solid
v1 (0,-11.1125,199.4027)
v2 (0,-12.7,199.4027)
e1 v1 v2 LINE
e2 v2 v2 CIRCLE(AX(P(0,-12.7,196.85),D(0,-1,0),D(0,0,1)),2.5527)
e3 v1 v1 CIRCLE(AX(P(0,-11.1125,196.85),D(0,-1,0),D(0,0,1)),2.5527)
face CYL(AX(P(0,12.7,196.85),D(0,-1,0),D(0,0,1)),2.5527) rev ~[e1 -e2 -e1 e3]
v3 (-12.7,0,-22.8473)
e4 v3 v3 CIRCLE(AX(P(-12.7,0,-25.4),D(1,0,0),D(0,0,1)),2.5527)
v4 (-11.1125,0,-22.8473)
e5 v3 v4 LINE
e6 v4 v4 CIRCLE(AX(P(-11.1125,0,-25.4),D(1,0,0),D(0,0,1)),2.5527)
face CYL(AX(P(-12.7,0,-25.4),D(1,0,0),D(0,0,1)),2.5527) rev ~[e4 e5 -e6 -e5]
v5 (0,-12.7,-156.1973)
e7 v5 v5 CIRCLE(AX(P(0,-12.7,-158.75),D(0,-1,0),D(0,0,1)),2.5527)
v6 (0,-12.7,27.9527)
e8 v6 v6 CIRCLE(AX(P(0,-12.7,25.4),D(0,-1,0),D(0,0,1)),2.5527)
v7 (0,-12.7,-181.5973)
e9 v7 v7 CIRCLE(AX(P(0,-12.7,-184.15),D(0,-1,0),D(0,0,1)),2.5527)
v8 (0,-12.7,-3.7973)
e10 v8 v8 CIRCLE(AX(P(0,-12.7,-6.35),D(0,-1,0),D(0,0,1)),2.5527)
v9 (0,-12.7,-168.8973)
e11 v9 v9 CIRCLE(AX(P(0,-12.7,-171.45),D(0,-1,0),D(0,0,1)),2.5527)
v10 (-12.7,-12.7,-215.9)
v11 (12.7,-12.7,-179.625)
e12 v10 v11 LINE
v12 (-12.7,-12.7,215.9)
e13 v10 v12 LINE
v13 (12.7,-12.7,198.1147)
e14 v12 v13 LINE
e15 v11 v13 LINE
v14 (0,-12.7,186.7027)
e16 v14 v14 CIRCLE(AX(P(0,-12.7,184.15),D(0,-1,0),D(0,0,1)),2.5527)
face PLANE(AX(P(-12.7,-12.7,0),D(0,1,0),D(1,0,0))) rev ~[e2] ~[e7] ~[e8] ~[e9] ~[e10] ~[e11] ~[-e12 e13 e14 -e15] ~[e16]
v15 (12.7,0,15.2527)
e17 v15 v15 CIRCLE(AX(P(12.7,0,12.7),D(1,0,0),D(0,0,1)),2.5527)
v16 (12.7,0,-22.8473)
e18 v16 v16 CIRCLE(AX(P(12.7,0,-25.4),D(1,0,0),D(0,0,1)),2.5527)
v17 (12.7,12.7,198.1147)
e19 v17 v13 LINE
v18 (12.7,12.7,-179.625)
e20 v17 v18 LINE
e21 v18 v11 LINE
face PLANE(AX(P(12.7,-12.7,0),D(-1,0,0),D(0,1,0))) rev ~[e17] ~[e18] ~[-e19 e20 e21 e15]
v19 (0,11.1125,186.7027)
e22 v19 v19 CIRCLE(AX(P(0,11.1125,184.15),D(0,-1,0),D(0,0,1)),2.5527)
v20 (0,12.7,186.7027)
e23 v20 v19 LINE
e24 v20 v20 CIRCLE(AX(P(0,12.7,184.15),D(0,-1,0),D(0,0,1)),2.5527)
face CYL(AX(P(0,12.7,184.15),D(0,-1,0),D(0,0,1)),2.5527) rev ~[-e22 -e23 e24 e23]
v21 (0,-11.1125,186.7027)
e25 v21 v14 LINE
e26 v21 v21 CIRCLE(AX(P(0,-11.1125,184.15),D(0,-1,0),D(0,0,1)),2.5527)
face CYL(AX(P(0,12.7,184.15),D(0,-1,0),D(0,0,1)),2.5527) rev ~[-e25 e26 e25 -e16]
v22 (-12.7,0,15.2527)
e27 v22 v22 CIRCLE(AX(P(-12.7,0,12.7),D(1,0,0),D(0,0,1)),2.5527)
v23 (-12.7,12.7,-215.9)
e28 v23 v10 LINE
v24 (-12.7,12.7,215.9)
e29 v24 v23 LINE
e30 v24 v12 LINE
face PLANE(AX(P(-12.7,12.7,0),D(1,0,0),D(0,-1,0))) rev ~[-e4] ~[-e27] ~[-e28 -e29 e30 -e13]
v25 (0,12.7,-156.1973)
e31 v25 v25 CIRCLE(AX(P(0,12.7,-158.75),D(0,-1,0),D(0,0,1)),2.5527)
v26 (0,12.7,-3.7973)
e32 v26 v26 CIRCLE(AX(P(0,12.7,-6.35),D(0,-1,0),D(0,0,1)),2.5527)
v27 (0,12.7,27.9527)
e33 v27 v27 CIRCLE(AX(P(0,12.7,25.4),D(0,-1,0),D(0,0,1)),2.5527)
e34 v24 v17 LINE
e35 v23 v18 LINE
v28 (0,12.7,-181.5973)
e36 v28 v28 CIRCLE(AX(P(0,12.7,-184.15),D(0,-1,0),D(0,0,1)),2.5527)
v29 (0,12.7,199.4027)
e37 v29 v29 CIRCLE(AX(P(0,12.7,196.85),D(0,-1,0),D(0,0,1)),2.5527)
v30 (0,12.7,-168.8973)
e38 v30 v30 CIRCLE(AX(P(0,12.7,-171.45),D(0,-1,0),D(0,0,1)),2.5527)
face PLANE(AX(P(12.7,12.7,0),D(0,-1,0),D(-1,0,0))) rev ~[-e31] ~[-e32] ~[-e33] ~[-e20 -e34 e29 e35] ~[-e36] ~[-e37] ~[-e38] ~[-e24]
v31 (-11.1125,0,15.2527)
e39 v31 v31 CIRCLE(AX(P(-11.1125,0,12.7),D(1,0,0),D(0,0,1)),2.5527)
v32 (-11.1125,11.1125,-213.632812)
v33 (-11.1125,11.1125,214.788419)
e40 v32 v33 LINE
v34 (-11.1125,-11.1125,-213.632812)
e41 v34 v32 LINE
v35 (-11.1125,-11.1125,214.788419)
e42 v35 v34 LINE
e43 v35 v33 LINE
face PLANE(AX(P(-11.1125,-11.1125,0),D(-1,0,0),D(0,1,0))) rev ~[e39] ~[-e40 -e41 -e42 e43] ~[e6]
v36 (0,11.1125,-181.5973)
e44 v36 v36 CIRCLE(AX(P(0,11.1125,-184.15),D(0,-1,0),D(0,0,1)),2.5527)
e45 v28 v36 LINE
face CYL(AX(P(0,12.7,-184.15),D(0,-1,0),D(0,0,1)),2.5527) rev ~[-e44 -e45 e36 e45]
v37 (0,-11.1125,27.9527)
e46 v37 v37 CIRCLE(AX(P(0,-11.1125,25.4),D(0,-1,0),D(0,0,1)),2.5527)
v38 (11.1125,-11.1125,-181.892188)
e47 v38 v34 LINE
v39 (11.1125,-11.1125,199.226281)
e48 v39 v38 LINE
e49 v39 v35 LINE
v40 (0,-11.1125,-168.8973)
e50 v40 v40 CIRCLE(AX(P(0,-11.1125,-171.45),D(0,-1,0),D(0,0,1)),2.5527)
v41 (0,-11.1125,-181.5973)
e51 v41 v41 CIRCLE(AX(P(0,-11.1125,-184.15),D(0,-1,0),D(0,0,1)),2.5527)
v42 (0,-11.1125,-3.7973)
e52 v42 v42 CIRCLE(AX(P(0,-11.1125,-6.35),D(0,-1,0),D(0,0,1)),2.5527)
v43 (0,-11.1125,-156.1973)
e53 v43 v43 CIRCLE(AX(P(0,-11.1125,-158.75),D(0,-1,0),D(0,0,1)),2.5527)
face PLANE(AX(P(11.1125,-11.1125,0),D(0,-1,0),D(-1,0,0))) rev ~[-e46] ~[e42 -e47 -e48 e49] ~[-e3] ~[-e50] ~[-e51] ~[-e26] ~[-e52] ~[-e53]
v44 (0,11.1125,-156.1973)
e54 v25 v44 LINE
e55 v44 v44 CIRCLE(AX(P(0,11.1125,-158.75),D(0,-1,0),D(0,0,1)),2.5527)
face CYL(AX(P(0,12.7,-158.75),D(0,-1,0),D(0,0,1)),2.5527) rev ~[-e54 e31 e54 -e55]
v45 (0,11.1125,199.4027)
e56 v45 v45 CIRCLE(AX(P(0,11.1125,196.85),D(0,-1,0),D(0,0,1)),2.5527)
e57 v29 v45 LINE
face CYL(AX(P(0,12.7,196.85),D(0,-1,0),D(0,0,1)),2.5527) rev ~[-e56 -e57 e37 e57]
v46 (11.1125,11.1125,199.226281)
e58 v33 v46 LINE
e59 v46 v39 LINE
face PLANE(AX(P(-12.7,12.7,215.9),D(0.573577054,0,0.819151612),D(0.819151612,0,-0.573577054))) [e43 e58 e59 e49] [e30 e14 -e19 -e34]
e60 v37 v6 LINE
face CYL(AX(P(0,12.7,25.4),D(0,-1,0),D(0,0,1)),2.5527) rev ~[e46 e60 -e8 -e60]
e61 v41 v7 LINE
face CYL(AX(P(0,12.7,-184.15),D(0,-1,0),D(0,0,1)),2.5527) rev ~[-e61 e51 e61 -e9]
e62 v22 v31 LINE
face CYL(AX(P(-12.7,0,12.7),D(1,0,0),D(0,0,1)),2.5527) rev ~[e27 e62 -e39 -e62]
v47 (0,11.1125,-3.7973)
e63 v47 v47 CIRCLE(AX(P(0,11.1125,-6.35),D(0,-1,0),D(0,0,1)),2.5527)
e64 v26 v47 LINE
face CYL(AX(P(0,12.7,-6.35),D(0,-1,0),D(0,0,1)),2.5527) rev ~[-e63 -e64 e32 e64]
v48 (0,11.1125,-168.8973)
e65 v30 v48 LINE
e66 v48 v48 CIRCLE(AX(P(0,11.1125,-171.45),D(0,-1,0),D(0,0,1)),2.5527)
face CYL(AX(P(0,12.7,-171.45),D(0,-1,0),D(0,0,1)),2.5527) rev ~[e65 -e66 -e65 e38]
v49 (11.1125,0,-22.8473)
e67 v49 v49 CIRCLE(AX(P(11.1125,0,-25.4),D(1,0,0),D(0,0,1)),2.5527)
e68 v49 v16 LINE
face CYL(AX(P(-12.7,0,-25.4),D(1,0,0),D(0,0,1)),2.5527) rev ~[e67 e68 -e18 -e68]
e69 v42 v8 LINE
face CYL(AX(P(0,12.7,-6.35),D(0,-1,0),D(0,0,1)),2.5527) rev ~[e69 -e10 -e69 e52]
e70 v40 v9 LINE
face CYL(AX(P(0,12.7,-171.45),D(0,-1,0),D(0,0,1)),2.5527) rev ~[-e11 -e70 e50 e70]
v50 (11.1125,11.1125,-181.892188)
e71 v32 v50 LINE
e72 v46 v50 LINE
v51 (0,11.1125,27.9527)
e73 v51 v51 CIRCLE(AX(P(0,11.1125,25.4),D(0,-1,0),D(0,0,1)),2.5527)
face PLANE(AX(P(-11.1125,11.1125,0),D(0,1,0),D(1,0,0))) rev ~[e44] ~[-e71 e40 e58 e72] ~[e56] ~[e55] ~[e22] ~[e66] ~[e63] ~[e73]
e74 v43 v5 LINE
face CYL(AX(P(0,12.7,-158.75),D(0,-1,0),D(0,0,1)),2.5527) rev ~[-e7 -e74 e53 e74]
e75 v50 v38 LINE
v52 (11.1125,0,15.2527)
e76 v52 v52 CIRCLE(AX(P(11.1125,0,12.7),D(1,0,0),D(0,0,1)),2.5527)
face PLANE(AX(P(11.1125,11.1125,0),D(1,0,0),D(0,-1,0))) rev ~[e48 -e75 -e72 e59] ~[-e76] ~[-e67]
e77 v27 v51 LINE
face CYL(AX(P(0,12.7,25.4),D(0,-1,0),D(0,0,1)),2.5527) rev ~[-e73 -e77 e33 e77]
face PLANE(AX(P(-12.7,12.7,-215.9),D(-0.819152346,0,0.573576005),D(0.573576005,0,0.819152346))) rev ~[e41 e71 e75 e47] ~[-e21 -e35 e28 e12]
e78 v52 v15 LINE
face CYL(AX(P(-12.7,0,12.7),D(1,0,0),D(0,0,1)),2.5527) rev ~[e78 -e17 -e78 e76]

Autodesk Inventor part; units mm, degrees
ref_plane "YZ Plane" through (0, 0, 0) normal (1, 0, 0) x (0, 1, 0)
ref_plane "XZ Plane" through (0, 0, 0) normal (0, 1, 0) x (-1, 0, 0)
ref_plane "XY Plane" through (0, 0, 0) normal (0, 0, 1) x (1, 0, 0)
sketch "Sketch1" plane through (0, 0, 0) normal (0, 0, 1) x (1, 0, 0)
  line L0 (-12.7, -12.7) -> (12.7, -12.7)
  line L1 (12.7, -12.7) -> (12.7, 12.7)
  line L2 (12.7, 12.7) -> (-12.7, 12.7)
  line L3 (-12.7, 12.7) -> (-12.7, -12.7)
  line L4 (-12.7, -12.7) -> (12.7, 12.7) construction
  line L5 (12.7, -12.7) -> (-12.7, 12.7) construction
  line L6 (-11.1125, 11.1125) -> (11.1125, 11.1125)
  line L7 (11.1125, 11.1125) -> (11.1125, -11.1125)
  line L8 (11.1125, -11.1125) -> (-11.1125, -11.1125)
  line L9 (-11.1125, -11.1125) -> (-11.1125, 11.1125)
  point P0 (0, 0)
  dimension "width" = 25.4
  dimension "height" = 25.4
  dimension "thickness" = 1.5875
extrude "Extrusion1" add sketch "Sketch1" along normal mid plane 431.8
sketch "Sketch3" plane through (-12.7, 12.7, 215.9) normal (0, 1, 0) x (1, 0, 0)
  line L0 (0, 431.8) -> (0, 0) construction
  line L1 (25.4, 0) -> (0, 0) construction
  line L2 (25.4, 431.8) -> (25.4, 0) construction
  line L3 (0, 431.8) -> (25.4, 431.8) construction
  line L4 (0, 0) -> (0, 431.8) construction
  line L5 (0, 0) -> (25.4, 17.7853)
  line L6 (25.4, 431.8) -> (25.4, 0) construction
  line L7 (0, 0) -> (25.4, 0) construction
  line L8 (0, 0) -> (25.4, 0)
  line L9 (25.4, 0) -> (25.4, 17.7853)
  line L10 (0, 431.8) -> (25.4, 395.525)
  line L11 (25.4, 431.8) -> (0, 431.8) construction
  line L12 (0, 431.8) -> (25.4, 431.8)
  line L13 (25.4, 431.8) -> (25.4, 395.525)
  point P0 (12.7, 215.9)
  dimension "d12" = 55
extrude "Extrusion3" cut sketch "Sketch3" against normal through all
sketch "Sketch4" plane through (-12.7, 12.7, 215.9) normal (0, 1, 0) x (1, 0, 0)
  line L0 (25.4, 17.7853) -> (0, 0) construction
  line L1 (0, 0) -> (0, 431.8) construction
  line L2 (0, 431.8) -> (25.4, 395.525) construction
  line L3 (25.4, 395.525) -> (25.4, 17.7853) construction
  point P0 (12.7, 215.9)
  point P1 (12.7, 19.05)
  point P2 (12.7, 31.75)
  point P3 (12.7, 44.45)
  point P4 (12.7, 57.15)
  point P5 (12.7, 400.05)
  point P6 (12.7, 387.35)
  point P7 (12.7, 374.65)
  dimension "d13" = 19.05
  dimension "d16" = 12.7
  dimension "d28" = 31.75
  dimension "d31" = 12.7
hole "Hole1" at (0, 12.7, 196.85) at (0, 12.7, 184.15) at (0, 12.7, -158.75) at (0, 12.7, -171.45) at (0, 12.7, -184.15) direction (0, -1, 0) diameter 5.1054 end through all clearance for "Flat Head Machine Screw (82)" size "#10" standard "Ansi Unified Screw Threads"
sketch "Sketch5" plane through (-12.7, -12.7, 215.9) normal (-1, 0, 0) x (0, 0, 1)
  line L0 (-431.8, 0) -> (-431.8, 25.4) construction
  point P0 (-215.9, 12.7)
  point P1 (-241.3, 12.7)
  point P2 (-203.2, 12.7)
  point P3 (-431.8, 12.7)
  dimension "d36" = 38.1
  dimension "d37" = 190.5
hole "Hole2" at (-12.7, 0, -25.4) at (-12.7, 0, 12.7) direction (1, 0, 0) diameter 5.1054 end through all clearance for "Flat Head Machine Screw (82)" size "#10" standard "Ansi Unified Screw Threads"
sketch "Sketch6" plane through (-12.7, 12.7, 215.9) normal (0, 1, 0) x (1, 0, 0)
  line L0 (25.4, 395.525) -> (25.4, 17.7853) construction
  circle A0 centre (12.7, 374.65) radius 2.5527 construction
  point P0 (12.7, 215.9)
  point P1 (12.7, 222.25)
  point P2 (12.7, 190.5)
  dimension "d45" = 31.75
  dimension "d46" = 12.7
  dimension "d47" = 152.4
hole "Hole3" at (0, 12.7, -6.35) at (0, 12.7, 25.4) direction (0, -1, 0) diameter 5.1054 end through all clearance for "Socket Head Cap Screw" size "#10" standard "Ansi Unified Screw Threads"
properties part number "CL-002" material "Aluminum 6061"
